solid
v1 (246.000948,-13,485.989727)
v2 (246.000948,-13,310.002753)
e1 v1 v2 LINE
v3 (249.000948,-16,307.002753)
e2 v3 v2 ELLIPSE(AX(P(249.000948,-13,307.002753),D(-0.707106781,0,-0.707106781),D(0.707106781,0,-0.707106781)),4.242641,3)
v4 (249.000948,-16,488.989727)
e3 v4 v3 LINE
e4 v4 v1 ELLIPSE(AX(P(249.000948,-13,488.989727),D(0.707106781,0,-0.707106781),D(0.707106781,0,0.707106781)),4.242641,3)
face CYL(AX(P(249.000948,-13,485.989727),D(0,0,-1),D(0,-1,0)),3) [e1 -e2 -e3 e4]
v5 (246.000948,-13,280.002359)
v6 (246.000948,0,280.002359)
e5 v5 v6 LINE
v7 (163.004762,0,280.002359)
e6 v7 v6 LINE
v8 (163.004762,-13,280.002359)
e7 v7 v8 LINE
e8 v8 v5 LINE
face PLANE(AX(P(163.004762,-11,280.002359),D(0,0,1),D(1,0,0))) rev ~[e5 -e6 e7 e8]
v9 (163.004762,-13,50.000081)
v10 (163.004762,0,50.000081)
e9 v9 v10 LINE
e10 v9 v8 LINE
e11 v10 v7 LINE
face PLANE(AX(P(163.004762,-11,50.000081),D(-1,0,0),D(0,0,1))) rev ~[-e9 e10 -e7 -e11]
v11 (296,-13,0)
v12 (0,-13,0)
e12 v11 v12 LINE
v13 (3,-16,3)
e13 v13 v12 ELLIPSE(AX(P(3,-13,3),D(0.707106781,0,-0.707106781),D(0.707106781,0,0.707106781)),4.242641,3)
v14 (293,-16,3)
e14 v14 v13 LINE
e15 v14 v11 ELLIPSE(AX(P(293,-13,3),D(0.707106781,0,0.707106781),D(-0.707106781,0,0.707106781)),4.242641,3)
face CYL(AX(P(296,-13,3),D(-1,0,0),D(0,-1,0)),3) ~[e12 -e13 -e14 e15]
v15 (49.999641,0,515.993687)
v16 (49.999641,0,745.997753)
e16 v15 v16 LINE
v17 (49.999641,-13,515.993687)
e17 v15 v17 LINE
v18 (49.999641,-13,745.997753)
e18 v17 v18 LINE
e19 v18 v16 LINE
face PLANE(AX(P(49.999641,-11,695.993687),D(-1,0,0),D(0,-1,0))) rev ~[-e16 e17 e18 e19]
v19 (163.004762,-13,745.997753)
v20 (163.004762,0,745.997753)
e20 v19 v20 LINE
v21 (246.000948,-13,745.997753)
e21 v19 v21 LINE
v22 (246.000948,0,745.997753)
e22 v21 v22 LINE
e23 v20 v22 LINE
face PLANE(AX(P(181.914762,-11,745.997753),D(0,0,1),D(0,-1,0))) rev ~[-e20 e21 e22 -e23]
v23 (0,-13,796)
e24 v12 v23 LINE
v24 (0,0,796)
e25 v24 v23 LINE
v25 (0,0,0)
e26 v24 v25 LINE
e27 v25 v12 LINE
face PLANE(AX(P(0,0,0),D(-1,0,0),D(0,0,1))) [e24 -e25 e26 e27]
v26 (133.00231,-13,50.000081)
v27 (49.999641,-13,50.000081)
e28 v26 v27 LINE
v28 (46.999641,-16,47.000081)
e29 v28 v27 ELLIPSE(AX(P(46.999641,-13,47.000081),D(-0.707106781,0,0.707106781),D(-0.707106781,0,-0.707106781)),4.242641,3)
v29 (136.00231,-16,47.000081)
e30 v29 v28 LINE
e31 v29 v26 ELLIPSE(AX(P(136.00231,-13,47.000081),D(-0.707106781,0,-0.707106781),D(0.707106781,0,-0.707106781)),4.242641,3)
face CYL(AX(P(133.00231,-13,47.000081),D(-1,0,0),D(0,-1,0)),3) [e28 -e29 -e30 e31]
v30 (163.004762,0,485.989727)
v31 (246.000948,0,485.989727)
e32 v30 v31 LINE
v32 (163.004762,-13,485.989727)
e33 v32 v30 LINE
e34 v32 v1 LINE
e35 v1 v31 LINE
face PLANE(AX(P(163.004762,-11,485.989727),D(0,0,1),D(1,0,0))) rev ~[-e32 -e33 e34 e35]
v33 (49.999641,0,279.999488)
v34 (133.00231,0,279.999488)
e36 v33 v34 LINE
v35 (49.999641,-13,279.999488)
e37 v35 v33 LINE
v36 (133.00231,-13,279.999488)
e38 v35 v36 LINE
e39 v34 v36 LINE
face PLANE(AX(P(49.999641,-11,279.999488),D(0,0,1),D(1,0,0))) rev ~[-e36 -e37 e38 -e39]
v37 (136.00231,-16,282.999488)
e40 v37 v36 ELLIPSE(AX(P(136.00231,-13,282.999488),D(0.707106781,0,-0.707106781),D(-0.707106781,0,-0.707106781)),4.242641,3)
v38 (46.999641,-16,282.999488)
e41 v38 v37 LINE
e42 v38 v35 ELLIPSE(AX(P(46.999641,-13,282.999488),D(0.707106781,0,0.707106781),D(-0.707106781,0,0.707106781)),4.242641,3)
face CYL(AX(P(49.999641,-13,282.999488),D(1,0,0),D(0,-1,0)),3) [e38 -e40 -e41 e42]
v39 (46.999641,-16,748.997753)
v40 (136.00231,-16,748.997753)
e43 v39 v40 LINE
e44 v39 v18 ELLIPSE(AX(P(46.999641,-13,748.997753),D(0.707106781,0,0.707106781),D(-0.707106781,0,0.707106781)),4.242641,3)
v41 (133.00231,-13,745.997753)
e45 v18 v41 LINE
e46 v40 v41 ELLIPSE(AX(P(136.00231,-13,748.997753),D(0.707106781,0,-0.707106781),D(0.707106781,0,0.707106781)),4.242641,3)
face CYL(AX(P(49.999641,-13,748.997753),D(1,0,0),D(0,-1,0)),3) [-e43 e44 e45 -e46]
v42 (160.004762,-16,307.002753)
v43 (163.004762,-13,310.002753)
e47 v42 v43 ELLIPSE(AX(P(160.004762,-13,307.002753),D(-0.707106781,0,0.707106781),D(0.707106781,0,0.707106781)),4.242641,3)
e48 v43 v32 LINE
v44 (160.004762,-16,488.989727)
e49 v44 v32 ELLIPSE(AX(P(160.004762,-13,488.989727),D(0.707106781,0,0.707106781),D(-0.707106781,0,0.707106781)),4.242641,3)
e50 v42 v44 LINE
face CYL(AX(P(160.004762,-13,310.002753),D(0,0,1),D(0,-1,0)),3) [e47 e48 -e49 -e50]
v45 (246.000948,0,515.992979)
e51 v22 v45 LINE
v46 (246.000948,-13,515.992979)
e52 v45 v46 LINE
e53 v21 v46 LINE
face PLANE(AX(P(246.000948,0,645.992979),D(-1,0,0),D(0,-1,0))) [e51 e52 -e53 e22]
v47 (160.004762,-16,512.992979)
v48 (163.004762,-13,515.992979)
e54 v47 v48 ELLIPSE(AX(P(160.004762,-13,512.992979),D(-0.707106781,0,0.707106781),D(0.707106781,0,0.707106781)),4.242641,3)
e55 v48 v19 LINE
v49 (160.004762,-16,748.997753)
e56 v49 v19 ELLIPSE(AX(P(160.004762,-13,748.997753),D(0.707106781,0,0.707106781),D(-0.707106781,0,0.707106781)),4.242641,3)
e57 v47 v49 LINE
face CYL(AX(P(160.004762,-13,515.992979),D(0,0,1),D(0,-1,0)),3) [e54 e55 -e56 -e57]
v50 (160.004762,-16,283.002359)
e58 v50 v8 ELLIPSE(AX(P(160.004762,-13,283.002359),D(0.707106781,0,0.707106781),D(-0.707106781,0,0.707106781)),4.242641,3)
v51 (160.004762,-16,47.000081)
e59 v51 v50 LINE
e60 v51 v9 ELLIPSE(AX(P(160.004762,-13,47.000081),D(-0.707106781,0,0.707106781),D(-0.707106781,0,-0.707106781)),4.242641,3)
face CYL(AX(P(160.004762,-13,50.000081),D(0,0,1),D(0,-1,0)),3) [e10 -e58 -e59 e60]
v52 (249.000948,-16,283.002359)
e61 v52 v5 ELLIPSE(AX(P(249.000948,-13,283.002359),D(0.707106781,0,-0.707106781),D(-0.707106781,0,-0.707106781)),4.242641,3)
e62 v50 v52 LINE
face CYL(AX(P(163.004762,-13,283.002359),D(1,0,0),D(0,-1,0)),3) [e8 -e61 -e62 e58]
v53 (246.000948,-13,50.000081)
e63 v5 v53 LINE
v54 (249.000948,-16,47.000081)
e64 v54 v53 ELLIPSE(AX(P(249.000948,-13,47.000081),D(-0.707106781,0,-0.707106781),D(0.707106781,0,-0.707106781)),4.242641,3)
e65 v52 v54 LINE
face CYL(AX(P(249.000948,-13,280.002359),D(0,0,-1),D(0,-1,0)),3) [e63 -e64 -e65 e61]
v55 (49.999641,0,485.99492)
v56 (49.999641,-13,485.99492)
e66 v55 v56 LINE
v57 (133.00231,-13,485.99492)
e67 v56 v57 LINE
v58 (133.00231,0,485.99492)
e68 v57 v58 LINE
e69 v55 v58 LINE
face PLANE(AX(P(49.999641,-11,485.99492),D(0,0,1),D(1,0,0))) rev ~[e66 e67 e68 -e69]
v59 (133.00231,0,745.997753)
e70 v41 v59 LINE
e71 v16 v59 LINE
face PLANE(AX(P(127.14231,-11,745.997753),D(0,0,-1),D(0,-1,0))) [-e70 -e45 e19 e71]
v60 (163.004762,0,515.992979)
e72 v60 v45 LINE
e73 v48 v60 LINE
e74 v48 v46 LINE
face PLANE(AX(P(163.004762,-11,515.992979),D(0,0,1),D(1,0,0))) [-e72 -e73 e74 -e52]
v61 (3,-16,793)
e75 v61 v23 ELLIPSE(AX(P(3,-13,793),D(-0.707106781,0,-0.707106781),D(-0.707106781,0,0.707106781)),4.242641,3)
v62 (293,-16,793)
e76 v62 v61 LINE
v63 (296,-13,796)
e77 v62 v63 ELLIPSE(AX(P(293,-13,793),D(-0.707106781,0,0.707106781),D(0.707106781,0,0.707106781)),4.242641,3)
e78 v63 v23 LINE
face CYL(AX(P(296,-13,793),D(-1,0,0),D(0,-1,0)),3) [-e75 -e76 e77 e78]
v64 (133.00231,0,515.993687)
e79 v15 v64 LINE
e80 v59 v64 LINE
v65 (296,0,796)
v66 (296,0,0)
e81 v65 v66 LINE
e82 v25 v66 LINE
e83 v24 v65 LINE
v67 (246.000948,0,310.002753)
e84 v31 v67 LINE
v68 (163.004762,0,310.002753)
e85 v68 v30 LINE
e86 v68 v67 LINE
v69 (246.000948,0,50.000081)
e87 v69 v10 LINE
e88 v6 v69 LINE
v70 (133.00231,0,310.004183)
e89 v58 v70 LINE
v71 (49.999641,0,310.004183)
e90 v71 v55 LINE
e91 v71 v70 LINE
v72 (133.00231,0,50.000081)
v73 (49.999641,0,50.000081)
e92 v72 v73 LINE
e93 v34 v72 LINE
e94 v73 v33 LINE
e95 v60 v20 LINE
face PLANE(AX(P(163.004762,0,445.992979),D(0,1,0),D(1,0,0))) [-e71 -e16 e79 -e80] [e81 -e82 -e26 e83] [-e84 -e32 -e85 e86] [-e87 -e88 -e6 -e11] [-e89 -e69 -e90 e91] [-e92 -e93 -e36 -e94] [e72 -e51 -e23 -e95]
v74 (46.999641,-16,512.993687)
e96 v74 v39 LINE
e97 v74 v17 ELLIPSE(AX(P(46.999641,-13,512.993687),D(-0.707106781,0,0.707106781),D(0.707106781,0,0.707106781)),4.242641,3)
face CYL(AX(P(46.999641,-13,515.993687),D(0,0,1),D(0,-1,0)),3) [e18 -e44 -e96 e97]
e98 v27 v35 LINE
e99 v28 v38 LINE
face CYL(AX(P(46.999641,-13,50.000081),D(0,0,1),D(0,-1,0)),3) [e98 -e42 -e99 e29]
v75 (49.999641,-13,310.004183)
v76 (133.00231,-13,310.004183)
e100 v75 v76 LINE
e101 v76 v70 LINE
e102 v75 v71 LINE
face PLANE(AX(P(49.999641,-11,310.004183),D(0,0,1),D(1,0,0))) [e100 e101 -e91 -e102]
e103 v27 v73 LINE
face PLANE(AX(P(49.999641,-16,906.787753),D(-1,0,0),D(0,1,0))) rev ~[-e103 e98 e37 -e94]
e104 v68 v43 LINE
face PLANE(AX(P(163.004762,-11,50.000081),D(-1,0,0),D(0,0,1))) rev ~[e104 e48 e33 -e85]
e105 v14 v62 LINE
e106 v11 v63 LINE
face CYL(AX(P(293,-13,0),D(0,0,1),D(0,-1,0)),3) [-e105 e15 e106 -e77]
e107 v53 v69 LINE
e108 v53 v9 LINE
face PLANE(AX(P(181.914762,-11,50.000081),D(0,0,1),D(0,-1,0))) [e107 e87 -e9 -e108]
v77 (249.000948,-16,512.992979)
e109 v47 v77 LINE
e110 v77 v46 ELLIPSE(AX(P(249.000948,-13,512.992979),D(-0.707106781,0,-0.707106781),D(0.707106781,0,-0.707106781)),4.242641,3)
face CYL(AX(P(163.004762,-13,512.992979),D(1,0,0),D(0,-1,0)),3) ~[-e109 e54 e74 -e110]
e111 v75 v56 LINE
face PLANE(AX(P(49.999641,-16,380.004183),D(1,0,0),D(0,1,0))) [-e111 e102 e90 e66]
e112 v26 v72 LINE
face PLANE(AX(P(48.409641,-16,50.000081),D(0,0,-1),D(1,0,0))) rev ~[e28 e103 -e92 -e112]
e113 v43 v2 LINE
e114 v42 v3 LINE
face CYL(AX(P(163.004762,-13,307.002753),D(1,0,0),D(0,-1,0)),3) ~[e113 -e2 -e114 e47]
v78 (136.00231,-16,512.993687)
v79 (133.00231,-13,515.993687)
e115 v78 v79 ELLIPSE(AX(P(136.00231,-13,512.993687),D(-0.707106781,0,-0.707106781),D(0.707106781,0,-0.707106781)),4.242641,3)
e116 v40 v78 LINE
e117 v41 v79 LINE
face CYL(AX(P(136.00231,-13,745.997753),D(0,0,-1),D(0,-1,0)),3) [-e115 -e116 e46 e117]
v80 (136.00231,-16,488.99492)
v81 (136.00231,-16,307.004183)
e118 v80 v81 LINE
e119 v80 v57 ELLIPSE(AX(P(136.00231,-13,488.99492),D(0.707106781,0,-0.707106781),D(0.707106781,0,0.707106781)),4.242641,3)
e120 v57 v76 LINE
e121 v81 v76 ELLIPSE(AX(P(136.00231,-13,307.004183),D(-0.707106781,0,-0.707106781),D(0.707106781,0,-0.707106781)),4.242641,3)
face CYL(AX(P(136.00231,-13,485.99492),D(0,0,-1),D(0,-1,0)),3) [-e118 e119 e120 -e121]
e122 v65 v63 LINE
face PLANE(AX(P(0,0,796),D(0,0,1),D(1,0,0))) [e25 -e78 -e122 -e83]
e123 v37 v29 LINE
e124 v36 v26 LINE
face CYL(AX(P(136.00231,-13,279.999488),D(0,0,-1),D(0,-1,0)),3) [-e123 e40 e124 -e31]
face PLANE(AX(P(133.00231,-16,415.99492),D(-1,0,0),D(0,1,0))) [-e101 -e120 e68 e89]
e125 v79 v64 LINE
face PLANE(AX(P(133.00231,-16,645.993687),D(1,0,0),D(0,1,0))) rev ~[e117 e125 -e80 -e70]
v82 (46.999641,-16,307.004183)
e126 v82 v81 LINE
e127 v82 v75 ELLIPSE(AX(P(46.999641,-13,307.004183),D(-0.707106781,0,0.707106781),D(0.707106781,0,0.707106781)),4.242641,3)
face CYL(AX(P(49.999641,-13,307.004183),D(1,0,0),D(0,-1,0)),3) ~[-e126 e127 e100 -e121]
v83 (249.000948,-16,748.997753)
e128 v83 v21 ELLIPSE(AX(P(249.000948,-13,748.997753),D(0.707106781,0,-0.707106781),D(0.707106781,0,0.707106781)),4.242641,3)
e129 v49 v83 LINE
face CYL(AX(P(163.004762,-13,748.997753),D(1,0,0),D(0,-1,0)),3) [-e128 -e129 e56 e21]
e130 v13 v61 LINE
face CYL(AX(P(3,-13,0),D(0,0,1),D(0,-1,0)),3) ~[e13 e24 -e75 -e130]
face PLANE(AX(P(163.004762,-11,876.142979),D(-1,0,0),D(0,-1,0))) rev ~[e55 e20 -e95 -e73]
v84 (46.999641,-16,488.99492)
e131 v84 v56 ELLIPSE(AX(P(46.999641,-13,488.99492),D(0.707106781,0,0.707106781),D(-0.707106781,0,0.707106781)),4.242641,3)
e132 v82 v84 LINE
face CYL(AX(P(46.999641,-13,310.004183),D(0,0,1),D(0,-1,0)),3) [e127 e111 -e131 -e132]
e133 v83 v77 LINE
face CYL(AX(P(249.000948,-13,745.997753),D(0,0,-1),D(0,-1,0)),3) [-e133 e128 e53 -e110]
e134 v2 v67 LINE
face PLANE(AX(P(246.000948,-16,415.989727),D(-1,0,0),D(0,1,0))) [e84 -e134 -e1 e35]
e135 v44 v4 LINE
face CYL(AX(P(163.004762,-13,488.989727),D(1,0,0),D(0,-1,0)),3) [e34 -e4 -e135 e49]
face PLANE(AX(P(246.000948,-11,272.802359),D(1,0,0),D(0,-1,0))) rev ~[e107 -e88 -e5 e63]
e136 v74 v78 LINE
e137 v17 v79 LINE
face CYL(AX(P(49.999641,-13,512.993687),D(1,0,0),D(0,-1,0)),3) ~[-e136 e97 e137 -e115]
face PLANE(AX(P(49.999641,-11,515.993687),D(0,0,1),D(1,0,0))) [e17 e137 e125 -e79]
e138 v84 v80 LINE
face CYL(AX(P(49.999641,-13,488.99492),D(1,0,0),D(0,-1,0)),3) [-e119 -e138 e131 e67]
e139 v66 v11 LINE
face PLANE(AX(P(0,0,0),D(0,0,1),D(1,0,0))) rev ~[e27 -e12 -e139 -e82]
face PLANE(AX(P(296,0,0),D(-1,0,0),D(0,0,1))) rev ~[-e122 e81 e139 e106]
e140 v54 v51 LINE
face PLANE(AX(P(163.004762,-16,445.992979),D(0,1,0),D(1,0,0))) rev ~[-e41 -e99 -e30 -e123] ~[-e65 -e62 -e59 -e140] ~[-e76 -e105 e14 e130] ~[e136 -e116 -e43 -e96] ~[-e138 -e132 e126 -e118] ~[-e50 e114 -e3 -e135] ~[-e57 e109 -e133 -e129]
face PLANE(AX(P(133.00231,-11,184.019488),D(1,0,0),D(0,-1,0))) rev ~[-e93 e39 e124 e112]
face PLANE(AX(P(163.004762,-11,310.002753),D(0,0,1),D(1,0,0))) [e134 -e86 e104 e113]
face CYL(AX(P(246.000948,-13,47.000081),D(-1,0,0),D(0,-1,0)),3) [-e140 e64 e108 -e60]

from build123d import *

# Parameters (mm, degrees)
F0_W      = 28.8499742746
F0_H      = 37.8827601671
F1_DEPTH  = 16
F2_DEPTH  = 296
F3_DEPTH  = 996
F4_W      = 199.8313069344
F4_H      = 801.1276721954
F5_DEPTH  = 5
F6_DEPTH  = 39.21
F7_DEPTH  = 2.24
F8_DEPTH  = 55.66
F9_DEPTH  = 1.59
F10_W     = 54.77245152
F10_H     = 895.9976721954
F11_DEPTH = 5
F12_DEPTH = 5.86
F13_DEPTH = 18.91
F14_W     = 83.0026693535
F14_H     = 34.9487662315
F14_H_2   = 55.274695158
F15_W     = 82.9961860609
F15_H     = 44.8832511902
F15_H_2   = 52.5203943253
F16_DEPTH = 5
F17_DEPTH = 300
F18_DEPTH = 300
F19_DEPTH = 324.79
F20_DEPTH = 324.79
F21_DEPTH = 250
F22_DEPTH = 250
F23_DEPTH = 100
F24_DEPTH = 100
F25_DEPTH = 50
F26_DEPTH = 50
F27_DEPTH = 134.02
F28_DEPTH = 100
F29_DEPTH = 100
F30_DEPTH = 100
F31_DEPTH = 50
F32_DEPTH = 54.95
F33_DEPTH = 50
F34_DEPTH = 109.29
F35_DEPTH = 14.88
F36_DEPTH = 230.15
F37_DEPTH = 230.15
F38_DEPTH = 22.52
F39_DEPTH = 77.2
F40_DEPTH = 77.2
F41_DEPTH = 11
F42_DEPTH = 200
F43_DEPTH = 200
F44_DEPTH = 200
F45_DEPTH = 70
F46_DEPTH = 70
F47_DEPTH = 70
F48_DEPTH = 70
F49_R     = 3


with BuildPart() as f1:
    # F0 (on Front) → F1 (new body)
    with BuildSketch(Plane.XZ):
        with Locations((14.4249871373, 18.9413800836)):
            Rectangle(F0_W, F0_H)
    extrude(amount=F1_DEPTH)

    # F2 (add): a face of the model
    f2_faces = [f1.faces().sort_by_distance(p)[0] for p in [
        (0, -8, 18.9413800836),
    ]]
    extrude(f2_faces, amount=-F2_DEPTH)

    # F3 (add): a face of the model
    f3_faces = [f1.faces().sort_by_distance(p)[0] for p in [
        (148, -8, 0),
    ]]
    extrude(f3_faces, amount=-F3_DEPTH)

    # F4 (on face) → F5 (cut)
    with BuildSketch(Plane.XZ.offset(16)):
        with Locations((148.3252942562, 506.2239170074)):
            Rectangle(F4_W, F4_H)
    extrude(amount=-F5_DEPTH, mode=Mode.SUBTRACT)

    # F6 (cut): a face of the model
    f6_faces = [f1.faces().sort_by_distance(p)[0] for p in [
        (148.3252942562, -13.5, 906.7877531052),
    ]]
    extrude(f6_faces, amount=-F6_DEPTH, mode=Mode.SUBTRACT)

    # F7 (add): a face of the model
    f7_faces = [f1.faces().sort_by_distance(p)[0] for p in [
        (248.2409477234, -13.5, 525.8289170074),
    ]]
    extrude(f7_faces, amount=F7_DEPTH)

    # F8 (cut): a face of the model
    f8_faces = [f1.faces().sort_by_distance(p)[0] for p in [
        (147.2052942562, -13.5, 105.6600809097),
    ]]
    extrude(f8_faces, amount=-F8_DEPTH, mode=Mode.SUBTRACT)

    # F9 (add): a face of the model
    f9_faces = [f1.faces().sort_by_distance(p)[0] for p in [
        (48.409640789, -13.5, 497.9989170074),
    ]]
    extrude(f9_faces, amount=F9_DEPTH)

    # F10 (on face) → F11 (join)
    with BuildSketch(Plane.XZ.offset(11)):
        with Locations((154.5285359025, 497.9989170074)):
            Rectangle(F10_W, F10_H)
    extrude(amount=F11_DEPTH)

    # F12 (cut): a face of the model
    f12_faces = [f1.faces().sort_by_distance(p)[0] for p in [
        (127.1423101425, -13.5, 497.9989170074),
    ]]
    extrude(f12_faces, amount=-F12_DEPTH, mode=Mode.SUBTRACT)

    # F13 (cut): a face of the model
    f13_faces = [f1.faces().sort_by_distance(p)[0] for p in [
        (181.9147616625, -13.5, 497.9989170074),
    ]]
    extrude(f13_faces, amount=-F13_DEPTH, mode=Mode.SUBTRACT)

    # F14 (on face) + F15 (on face) → F16 (join)
    with BuildSketch(Plane.XZ.offset(11)):
        with Locations((91.5009754658, 853.3093035221)):
            Rectangle(F14_W, F14_H)
        with Locations((91.5009754658, 511.6568356752)):
            Rectangle(F14_W, F14_H_2)
    with BuildSketch(Plane.XZ.offset(11)):
        with Locations((204.5028546929, 853.7013530731)):
            Rectangle(F15_W, F15_H)
        with Locations((204.5028546929, 576.5425562859)):
            Rectangle(F15_W, F15_H_2)
    extrude(amount=F16_DEPTH)

    # F17 (add): faces of the model
    f17_faces = [f1.faces().sort_by_distance(p)[0] for p in [
        (204.5028546929, -13.5, 550.2823591232),
        (91.5009754658, -13.5, 484.0194880962),
    ]]
    extrude(f17_faces, amount=F17_DEPTH)

    # F18 (cut): faces of the model
    f18_faces = [f1.faces().sort_by_distance(p)[0] for p in [
        (91.5009754658, -13.5, 539.2941832542),
        (204.5028546929, -13.5, 602.8027534485),
    ]]
    extrude(f18_faces, amount=-F18_DEPTH, mode=Mode.SUBTRACT)

    # F19 (add): a face of the model
    f19_faces = [f1.faces().sort_by_distance(p)[0] for p in [
        (91.5009754658, -13.5, 835.8349204063),
    ]]
    extrude(f19_faces, amount=F19_DEPTH)

    # F20 (cut): a face of the model
    f20_faces = [f1.faces().sort_by_distance(p)[0] for p in [
        (91.5009754658, -13.5, 870.7836866379),
    ]]
    extrude(f20_faces, amount=-F20_DEPTH, mode=Mode.SUBTRACT)

    # F21 (add): a face of the model
    f21_faces = [f1.faces().sort_by_distance(p)[0] for p in [
        (91.5009754658, -13.5, 239.2941832542),
    ]]
    extrude(f21_faces, amount=F21_DEPTH)

    # F22 (cut): a face of the model
    f22_faces = [f1.faces().sort_by_distance(p)[0] for p in [
        (91.5009754658, -13.5, 184.0194880962),
    ]]
    extrude(f22_faces, amount=-F22_DEPTH, mode=Mode.SUBTRACT)

    # F23 (add): a face of the model
    f23_faces = [f1.faces().sort_by_distance(p)[0] for p in [
        (91.5009754658, -13.5, 545.9936866379),
    ]]
    extrude(f23_faces, amount=F23_DEPTH)

    # F24 (cut): a face of the model
    f24_faces = [f1.faces().sort_by_distance(p)[0] for p in [
        (91.5009754658, -13.5, 511.0449204063),
    ]]
    extrude(f24_faces, amount=-F24_DEPTH, mode=Mode.SUBTRACT)

    # F25 (add): a face of the model
    f25_faces = [f1.faces().sort_by_distance(p)[0] for p in [
        (91.5009754658, -13.5, 645.9936866379),
    ]]
    extrude(f25_faces, amount=F25_DEPTH)

    # F26 (cut): a face of the model
    f26_faces = [f1.faces().sort_by_distance(p)[0] for p in [
        (91.5009754658, -13.5, 611.0449204063),
    ]]
    extrude(f26_faces, amount=-F26_DEPTH, mode=Mode.SUBTRACT)

    # F27 (add): a face of the model
    f27_faces = [f1.faces().sort_by_distance(p)[0] for p in [
        (91.5009754658, -13.5, 434.0194880962),
    ]]
    extrude(f27_faces, amount=F27_DEPTH)

    # F28 (cut): a face of the model
    f28_faces = [f1.faces().sort_by_distance(p)[0] for p in [
        (91.5009754658, -13.5, 299.9994880962),
    ]]
    extrude(f28_faces, amount=-F28_DEPTH, mode=Mode.SUBTRACT)

    # F29 (add): a face of the model
    f29_faces = [f1.faces().sort_by_distance(p)[0] for p in [
        (91.5009754658, -13.5, 661.0449204063),
    ]]
    extrude(f29_faces, amount=F29_DEPTH)

    # F30 (cut): a face of the model
    f30_faces = [f1.faces().sort_by_distance(p)[0] for p in [
        (91.5009754658, -13.5, 695.9936866379),
    ]]
    extrude(f30_faces, amount=-F30_DEPTH, mode=Mode.SUBTRACT)

    # F31 (add): a face of the model
    f31_faces = [f1.faces().sort_by_distance(p)[0] for p in [
        (91.5009754658, -13.5, 595.9936866379),
    ]]
    extrude(f31_faces, amount=F31_DEPTH)

    # F32 (cut): a face of the model
    f32_faces = [f1.faces().sort_by_distance(p)[0] for p in [
        (91.5009754658, -13.5, 561.0449204063),
    ]]
    extrude(f32_faces, amount=-F32_DEPTH, mode=Mode.SUBTRACT)

    # F33 (add): a face of the model
    f33_faces = [f1.faces().sort_by_distance(p)[0] for p in [
        (91.5009754658, -13.5, 399.9994880962),
    ]]
    extrude(f33_faces, amount=F33_DEPTH)

    # F34 (cut): a face of the model
    f34_faces = [f1.faces().sort_by_distance(p)[0] for p in [
        (91.5009754658, -13.5, 489.2941832542),
    ]]
    extrude(f34_faces, amount=-F34_DEPTH, mode=Mode.SUBTRACT)

    # F35 (cut): a face of the model
    f35_faces = [f1.faces().sort_by_distance(p)[0] for p in [
        (204.5028546929, -13.5, 831.259727478),
    ]]
    extrude(f35_faces, amount=-F35_DEPTH, mode=Mode.SUBTRACT)

    # F36 (add): a face of the model
    f36_faces = [f1.faces().sort_by_distance(p)[0] for p in [
        (204.5028546929, -13.5, 846.139727478),
    ]]
    extrude(f36_faces, amount=F36_DEPTH)

    # F37 (cut): a face of the model
    f37_faces = [f1.faces().sort_by_distance(p)[0] for p in [
        (204.5028546929, -13.5, 876.1429786682),
    ]]
    extrude(f37_faces, amount=-F37_DEPTH, mode=Mode.SUBTRACT)

    # F38 (cut): a face of the model
    f38_faces = [f1.faces().sort_by_distance(p)[0] for p in [
        (204.5028546929, -13.5, 250.2823591232),
    ]]
    extrude(f38_faces, amount=-F38_DEPTH, mode=Mode.SUBTRACT)

    # F39 (add): a face of the model
    f39_faces = [f1.faces().sort_by_distance(p)[0] for p in [
        (204.5028546929, -13.5, 302.8027534485),
    ]]
    extrude(f39_faces, amount=F39_DEPTH)

    # F40 (cut): a face of the model
    f40_faces = [f1.faces().sort_by_distance(p)[0] for p in [
        (204.5028546929, -13.5, 272.8023591232),
    ]]
    extrude(f40_faces, amount=-F40_DEPTH, mode=Mode.SUBTRACT)

    # F41 (cut): faces of the model
    f41_faces = [f1.faces().sort_by_distance(p)[0] for p in [
        (91.5009754658, -11, 795.9957198715),
        (204.5028546929, -11, 795.9953658867),
        (204.5028546929, -11, 497.9962404633),
        (91.5009754658, -11, 497.9995518303),
        (91.5009754658, -11, 199.999784503),
        (204.5028546929, -11, 200.0012200165),
    ]]
    extrude(f41_faces, amount=-F41_DEPTH, mode=Mode.SUBTRACT)

    # F42 (add): faces of the model
    f42_faces = [f1.faces().sort_by_distance(p)[0] for p in [
        (204.5028546929, -8, 615.989727478),
        (91.5009754658, -8, 615.9949204063),
    ]]
    extrude(f42_faces, amount=F42_DEPTH)

    # F43 (add): faces of the model
    f43_faces = [f1.faces().sort_by_distance(p)[0] for p in [
        (91.5009754658, -8, 945.9977531052),
        (204.5028546929, -8, 945.9977531052),
    ]]
    extrude(f43_faces, amount=F43_DEPTH)

    # F44 (cut): faces of the model
    f44_faces = [f1.faces().sort_by_distance(p)[0] for p in [
        (148, -8, 996),
        (91.5009754658, -8, 645.9936866379),
        (204.5028546929, -8, 645.9929786682),
    ]]
    extrude(f44_faces, amount=-F44_DEPTH, mode=Mode.SUBTRACT)

    # F45 (add): faces of the model
    f45_faces = [f1.faces().sort_by_distance(p)[0] for p in [
        (204.5028546929, -8, 350.0023591232),
        (91.5009754658, -8, 349.9994880962),
    ]]
    extrude(f45_faces, amount=F45_DEPTH)

    # F46 (cut): faces of the model
    f46_faces = [f1.faces().sort_by_distance(p)[0] for p in [
        (204.5028546929, -8, 380.0027534485),
        (91.5009754658, -8, 380.0041832542),
    ]]
    extrude(f46_faces, amount=-F46_DEPTH, mode=Mode.SUBTRACT)

    # F47 (add): faces of the model
    f47_faces = [f1.faces().sort_by_distance(p)[0] for p in [
        (204.5028546929, -8, 445.9929786682),
        (91.5009754658, -8, 445.9936866379),
    ]]
    extrude(f47_faces, amount=F47_DEPTH)

    # F48 (cut): faces of the model
    f48_faces = [f1.faces().sort_by_distance(p)[0] for p in [
        (204.5028546929, -8, 415.989727478),
        (91.5009754658, -8, 415.9949204063),
    ]]
    extrude(f48_faces, amount=-F48_DEPTH, mode=Mode.SUBTRACT)

    # F49
    f49_edges = [f1.edges().sort_by_distance(p)[0] for p in [
        (0, -16, 398),
        (148, -16, 0),
        (296, -16, 398),
        (148, -16, 796),
        (133.00231, -16, 164.999785),
        (91.500975, -16, 50.000081),
        (49.999641, -16, 164.999785),
        (91.500975, -16, 279.999488),
        (246.000948, -16, 165.00122),
        (204.502855, -16, 50.000081),
        (163.004762, -16, 165.00122),
        (204.502855, -16, 280.002359),
        (204.502855, -16, 310.002753),
        (163.004762, -16, 397.99624),
        (204.502855, -16, 485.989727),
        (246.000948, -16, 397.99624),
        (49.999641, -16, 397.999552),
        (91.500975, -16, 485.99492),
        (133.00231, -16, 397.999552),
        (91.500975, -16, 310.004183),
        (49.999641, -16, 630.99572),
        (91.500975, -16, 745.997753),
        (133.00231, -16, 630.99572),
        (91.500975, -16, 515.993687),
        (163.004762, -16, 630.995366),
        (204.502855, -16, 745.997753),
        (246.000948, -16, 630.995366),
        (204.502855, -16, 515.992979),
    ]]
    fillet(f49_edges, radius=F49_R)


solid = f1.part
